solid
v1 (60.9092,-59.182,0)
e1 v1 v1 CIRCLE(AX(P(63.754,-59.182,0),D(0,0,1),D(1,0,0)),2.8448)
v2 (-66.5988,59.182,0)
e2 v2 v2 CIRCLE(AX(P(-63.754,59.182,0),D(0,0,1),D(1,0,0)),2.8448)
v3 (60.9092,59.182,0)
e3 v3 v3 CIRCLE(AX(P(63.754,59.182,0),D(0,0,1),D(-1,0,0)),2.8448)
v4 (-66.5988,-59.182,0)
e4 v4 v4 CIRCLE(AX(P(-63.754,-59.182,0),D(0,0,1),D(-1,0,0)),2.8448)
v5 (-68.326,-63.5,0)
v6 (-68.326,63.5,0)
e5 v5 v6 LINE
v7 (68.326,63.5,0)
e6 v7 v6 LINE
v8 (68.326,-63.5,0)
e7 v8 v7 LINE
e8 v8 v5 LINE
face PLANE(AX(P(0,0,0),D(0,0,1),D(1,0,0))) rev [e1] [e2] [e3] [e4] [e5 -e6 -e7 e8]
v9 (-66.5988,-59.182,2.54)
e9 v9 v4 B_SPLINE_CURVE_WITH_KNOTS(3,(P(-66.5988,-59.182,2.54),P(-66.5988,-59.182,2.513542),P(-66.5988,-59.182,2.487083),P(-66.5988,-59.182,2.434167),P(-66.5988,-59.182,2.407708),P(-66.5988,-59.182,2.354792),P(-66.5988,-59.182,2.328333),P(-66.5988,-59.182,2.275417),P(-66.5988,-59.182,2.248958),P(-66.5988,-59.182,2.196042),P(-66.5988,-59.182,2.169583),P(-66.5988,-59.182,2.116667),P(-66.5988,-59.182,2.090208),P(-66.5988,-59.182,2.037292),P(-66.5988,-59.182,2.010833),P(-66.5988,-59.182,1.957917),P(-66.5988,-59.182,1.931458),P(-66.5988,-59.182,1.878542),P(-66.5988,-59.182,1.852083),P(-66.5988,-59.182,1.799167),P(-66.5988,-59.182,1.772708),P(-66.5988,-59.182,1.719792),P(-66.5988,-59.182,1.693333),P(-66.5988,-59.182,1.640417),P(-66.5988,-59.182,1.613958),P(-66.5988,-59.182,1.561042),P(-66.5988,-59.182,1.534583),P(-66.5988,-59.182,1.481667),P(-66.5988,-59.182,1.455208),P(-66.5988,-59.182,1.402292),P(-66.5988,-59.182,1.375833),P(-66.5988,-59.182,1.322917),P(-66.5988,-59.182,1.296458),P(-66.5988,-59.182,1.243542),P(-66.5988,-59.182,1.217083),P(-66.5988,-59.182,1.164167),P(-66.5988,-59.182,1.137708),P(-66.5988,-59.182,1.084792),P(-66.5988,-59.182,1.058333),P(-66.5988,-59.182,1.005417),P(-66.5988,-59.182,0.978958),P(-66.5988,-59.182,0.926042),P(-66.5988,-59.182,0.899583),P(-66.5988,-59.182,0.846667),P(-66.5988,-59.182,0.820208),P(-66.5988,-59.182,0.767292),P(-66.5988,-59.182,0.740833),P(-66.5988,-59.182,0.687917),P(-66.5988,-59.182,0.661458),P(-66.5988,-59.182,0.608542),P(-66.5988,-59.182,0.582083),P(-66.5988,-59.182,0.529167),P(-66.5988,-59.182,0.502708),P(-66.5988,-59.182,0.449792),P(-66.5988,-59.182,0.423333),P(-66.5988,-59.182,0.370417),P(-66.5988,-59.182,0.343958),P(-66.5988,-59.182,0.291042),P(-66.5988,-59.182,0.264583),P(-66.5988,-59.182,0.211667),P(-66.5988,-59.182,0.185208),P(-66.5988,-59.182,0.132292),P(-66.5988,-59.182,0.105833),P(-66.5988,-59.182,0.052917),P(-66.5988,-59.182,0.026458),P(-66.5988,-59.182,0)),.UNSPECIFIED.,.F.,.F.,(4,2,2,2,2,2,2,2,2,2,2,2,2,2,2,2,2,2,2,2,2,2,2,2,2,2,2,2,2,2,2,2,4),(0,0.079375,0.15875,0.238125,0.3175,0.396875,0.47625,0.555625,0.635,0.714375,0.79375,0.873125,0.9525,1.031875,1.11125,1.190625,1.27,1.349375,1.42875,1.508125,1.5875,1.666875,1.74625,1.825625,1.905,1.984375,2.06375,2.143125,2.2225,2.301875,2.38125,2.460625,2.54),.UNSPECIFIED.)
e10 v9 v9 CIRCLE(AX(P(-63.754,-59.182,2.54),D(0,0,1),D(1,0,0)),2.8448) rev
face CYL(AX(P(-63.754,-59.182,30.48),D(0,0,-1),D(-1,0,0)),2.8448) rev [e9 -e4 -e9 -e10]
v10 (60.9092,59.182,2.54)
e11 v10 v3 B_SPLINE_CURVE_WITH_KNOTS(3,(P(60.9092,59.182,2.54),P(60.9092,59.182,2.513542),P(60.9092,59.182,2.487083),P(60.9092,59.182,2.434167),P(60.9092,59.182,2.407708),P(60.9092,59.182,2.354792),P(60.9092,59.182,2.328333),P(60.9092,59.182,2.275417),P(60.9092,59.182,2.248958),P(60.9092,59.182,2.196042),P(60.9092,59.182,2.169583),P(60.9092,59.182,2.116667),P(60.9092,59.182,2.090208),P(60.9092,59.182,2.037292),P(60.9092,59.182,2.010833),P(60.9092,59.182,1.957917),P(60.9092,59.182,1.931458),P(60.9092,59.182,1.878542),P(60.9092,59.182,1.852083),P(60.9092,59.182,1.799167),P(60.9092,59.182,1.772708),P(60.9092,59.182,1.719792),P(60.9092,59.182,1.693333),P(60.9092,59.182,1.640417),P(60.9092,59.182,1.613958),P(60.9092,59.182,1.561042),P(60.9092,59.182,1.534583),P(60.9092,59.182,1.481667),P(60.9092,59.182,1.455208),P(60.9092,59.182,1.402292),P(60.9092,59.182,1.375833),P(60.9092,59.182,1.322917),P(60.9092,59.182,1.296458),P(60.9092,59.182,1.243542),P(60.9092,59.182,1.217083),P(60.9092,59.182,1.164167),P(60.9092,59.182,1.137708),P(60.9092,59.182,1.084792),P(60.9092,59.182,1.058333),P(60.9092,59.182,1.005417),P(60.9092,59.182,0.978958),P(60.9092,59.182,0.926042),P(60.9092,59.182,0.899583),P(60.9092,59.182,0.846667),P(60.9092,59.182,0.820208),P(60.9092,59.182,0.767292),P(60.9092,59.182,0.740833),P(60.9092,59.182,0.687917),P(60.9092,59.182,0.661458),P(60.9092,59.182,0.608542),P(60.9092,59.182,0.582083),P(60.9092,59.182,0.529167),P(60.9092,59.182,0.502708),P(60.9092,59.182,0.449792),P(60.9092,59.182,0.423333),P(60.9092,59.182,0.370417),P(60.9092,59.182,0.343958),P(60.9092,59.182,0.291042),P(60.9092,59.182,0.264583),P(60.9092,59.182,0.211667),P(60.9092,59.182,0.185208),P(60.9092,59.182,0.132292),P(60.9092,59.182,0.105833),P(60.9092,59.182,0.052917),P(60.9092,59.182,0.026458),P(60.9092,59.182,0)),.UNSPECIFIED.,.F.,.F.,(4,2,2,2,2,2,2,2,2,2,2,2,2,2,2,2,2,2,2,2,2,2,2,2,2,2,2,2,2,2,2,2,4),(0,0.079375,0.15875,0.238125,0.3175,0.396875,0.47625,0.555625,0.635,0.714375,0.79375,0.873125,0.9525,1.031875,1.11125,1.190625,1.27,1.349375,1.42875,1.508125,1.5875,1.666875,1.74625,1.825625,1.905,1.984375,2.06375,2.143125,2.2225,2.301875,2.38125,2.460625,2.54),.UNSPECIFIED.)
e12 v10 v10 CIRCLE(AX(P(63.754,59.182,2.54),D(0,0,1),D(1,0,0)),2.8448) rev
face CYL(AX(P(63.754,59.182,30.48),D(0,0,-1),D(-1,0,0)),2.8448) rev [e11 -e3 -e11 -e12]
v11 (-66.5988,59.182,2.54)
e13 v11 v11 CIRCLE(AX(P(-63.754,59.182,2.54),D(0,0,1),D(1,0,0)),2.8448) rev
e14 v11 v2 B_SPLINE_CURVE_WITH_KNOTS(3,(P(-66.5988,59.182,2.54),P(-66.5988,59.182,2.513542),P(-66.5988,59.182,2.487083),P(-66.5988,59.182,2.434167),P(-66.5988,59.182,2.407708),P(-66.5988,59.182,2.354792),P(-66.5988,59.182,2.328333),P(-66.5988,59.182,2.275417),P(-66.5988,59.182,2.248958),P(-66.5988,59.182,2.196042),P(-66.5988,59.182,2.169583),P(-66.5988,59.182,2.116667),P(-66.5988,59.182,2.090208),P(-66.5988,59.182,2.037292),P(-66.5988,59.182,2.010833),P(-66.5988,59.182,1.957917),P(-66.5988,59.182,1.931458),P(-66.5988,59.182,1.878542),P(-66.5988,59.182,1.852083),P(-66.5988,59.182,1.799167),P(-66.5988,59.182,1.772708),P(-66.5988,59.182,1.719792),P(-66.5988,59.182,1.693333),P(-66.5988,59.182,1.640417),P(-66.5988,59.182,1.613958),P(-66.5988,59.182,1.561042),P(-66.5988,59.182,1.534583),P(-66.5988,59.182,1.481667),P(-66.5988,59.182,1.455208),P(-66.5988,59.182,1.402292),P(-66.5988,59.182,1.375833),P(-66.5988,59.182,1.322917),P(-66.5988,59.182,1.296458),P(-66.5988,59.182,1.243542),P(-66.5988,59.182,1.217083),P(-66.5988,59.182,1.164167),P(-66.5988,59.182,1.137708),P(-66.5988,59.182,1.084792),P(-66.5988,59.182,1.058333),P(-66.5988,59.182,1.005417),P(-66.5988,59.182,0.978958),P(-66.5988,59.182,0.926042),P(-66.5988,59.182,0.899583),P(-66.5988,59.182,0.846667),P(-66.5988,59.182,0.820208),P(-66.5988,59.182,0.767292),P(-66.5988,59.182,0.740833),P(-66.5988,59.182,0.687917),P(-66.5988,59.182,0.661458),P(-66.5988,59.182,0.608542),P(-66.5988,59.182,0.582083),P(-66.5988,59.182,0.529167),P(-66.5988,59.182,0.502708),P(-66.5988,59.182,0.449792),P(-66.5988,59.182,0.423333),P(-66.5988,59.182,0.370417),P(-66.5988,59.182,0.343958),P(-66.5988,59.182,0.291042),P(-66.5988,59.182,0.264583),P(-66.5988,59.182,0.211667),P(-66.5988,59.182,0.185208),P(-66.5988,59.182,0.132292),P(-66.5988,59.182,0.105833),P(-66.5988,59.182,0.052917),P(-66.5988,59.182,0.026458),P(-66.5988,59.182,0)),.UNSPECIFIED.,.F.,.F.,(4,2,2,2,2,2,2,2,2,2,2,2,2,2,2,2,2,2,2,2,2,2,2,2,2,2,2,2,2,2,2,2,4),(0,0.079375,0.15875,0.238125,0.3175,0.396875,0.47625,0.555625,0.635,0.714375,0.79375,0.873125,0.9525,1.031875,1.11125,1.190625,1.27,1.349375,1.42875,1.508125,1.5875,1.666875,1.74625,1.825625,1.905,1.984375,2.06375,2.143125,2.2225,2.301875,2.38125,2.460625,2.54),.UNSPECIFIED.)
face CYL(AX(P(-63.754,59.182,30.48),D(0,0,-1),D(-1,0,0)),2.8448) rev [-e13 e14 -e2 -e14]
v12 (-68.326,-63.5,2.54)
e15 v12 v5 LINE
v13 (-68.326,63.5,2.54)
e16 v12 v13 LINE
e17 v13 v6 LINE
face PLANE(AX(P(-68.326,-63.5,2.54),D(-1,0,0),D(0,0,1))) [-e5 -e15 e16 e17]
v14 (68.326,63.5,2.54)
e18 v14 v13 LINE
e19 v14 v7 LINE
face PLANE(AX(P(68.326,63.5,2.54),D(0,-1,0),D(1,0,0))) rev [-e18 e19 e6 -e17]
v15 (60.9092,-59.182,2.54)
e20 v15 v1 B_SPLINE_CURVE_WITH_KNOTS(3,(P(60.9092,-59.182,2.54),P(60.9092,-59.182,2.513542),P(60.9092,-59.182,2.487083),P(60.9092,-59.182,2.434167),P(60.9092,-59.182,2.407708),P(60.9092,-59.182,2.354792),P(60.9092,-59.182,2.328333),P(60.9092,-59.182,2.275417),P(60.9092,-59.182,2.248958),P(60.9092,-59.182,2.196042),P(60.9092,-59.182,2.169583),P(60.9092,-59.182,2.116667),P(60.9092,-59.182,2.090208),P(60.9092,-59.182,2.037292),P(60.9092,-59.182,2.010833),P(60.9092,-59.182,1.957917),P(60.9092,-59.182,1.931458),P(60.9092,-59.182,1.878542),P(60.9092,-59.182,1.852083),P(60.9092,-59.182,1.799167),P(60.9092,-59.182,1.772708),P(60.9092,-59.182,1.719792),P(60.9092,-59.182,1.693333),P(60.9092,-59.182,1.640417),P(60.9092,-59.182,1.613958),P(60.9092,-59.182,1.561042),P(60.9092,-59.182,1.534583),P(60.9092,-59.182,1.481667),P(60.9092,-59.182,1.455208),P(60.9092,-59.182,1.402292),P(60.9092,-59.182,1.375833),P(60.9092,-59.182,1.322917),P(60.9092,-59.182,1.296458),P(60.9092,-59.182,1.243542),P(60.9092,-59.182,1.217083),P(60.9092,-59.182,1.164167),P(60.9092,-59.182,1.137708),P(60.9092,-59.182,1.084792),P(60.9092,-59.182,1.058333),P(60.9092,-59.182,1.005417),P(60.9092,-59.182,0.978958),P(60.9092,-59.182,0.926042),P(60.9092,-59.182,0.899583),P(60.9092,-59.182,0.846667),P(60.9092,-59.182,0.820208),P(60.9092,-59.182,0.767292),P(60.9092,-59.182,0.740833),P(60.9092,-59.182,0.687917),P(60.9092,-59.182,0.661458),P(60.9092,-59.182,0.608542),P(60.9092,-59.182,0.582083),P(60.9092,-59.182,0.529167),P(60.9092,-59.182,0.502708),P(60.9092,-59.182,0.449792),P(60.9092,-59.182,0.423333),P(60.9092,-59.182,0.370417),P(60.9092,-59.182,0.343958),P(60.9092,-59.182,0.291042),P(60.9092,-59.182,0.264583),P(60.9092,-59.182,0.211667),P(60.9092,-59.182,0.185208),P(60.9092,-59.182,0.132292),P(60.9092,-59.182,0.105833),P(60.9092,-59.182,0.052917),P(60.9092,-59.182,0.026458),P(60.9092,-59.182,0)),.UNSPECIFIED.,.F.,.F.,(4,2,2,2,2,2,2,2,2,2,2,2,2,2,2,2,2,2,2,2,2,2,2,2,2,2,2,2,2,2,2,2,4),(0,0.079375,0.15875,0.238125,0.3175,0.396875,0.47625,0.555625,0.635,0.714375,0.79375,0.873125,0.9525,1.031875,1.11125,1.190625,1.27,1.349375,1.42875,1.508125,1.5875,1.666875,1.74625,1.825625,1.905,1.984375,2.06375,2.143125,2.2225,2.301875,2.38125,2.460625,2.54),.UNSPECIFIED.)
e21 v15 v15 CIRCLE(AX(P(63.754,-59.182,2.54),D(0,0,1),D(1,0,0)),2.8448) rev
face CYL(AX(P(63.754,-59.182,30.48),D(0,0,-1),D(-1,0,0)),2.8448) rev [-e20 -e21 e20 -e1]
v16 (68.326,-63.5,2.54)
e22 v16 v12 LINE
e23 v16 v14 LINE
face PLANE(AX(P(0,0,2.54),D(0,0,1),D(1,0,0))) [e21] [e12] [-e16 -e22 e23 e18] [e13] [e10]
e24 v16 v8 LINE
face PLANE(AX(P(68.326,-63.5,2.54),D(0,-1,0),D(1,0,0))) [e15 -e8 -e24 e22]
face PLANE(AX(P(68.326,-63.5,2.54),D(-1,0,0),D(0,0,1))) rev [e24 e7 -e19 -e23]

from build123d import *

# Parameters (mm, degrees)
SKETCH1_W             = 136.652
SKETCH1_H             = 127
BOSS_EXTRUDE1_DEPTH   = 2.54
SKETCH1_5_OUTSIDE_W   = 175.966
SKETCH1_5_OUTSIDE_H   = 166.314
SKETCH1_5_OUTSIDE_W_2 = 136.652
SKETCH1_5_OUTSIDE_H_2 = 127
SKETCH1_5_OUTSIDE_R   = 2.8448
CUT_EXTRUDE3_DEPTH    = 30.48


with BuildPart() as part:
    # Sketch1 → Boss-Extrude1 (new body)
    with BuildSketch(Plane.XY):
        Rectangle(SKETCH1_W, SKETCH1_H)
    extrude(amount=BOSS_EXTRUDE1_DEPTH)

    # Sketch1<5> outside → Cut-Extrude3 (cut)
    # profile 1 of 5: a face of its own
    with BuildSketch(Plane.XY):
        Rectangle(SKETCH1_5_OUTSIDE_W, SKETCH1_5_OUTSIDE_H)
        Rectangle(SKETCH1_5_OUTSIDE_W_2, SKETCH1_5_OUTSIDE_H_2, mode=Mode.SUBTRACT)
    # profile 2 of 5: a face of its own
    with BuildSketch(Plane.XY):
        with Locations((-63.754, 59.182)):
            Circle(SKETCH1_5_OUTSIDE_R)
    # profile 3 of 5: a face of its own
    with BuildSketch(Plane.XY):
        with Locations((63.754, 59.182)):
            Circle(SKETCH1_5_OUTSIDE_R)
    # profile 4 of 5: a face of its own
    with BuildSketch(Plane.XY):
        with Locations((63.754, -59.182)):
            Circle(SKETCH1_5_OUTSIDE_R)
    # profile 5 of 5: a face of its own
    with BuildSketch(Plane.XY):
        with Locations((-63.754, -59.182)):
            Circle(SKETCH1_5_OUTSIDE_R)
    extrude(amount=CUT_EXTRUDE3_DEPTH, mode=Mode.SUBTRACT)


solid = part.part
